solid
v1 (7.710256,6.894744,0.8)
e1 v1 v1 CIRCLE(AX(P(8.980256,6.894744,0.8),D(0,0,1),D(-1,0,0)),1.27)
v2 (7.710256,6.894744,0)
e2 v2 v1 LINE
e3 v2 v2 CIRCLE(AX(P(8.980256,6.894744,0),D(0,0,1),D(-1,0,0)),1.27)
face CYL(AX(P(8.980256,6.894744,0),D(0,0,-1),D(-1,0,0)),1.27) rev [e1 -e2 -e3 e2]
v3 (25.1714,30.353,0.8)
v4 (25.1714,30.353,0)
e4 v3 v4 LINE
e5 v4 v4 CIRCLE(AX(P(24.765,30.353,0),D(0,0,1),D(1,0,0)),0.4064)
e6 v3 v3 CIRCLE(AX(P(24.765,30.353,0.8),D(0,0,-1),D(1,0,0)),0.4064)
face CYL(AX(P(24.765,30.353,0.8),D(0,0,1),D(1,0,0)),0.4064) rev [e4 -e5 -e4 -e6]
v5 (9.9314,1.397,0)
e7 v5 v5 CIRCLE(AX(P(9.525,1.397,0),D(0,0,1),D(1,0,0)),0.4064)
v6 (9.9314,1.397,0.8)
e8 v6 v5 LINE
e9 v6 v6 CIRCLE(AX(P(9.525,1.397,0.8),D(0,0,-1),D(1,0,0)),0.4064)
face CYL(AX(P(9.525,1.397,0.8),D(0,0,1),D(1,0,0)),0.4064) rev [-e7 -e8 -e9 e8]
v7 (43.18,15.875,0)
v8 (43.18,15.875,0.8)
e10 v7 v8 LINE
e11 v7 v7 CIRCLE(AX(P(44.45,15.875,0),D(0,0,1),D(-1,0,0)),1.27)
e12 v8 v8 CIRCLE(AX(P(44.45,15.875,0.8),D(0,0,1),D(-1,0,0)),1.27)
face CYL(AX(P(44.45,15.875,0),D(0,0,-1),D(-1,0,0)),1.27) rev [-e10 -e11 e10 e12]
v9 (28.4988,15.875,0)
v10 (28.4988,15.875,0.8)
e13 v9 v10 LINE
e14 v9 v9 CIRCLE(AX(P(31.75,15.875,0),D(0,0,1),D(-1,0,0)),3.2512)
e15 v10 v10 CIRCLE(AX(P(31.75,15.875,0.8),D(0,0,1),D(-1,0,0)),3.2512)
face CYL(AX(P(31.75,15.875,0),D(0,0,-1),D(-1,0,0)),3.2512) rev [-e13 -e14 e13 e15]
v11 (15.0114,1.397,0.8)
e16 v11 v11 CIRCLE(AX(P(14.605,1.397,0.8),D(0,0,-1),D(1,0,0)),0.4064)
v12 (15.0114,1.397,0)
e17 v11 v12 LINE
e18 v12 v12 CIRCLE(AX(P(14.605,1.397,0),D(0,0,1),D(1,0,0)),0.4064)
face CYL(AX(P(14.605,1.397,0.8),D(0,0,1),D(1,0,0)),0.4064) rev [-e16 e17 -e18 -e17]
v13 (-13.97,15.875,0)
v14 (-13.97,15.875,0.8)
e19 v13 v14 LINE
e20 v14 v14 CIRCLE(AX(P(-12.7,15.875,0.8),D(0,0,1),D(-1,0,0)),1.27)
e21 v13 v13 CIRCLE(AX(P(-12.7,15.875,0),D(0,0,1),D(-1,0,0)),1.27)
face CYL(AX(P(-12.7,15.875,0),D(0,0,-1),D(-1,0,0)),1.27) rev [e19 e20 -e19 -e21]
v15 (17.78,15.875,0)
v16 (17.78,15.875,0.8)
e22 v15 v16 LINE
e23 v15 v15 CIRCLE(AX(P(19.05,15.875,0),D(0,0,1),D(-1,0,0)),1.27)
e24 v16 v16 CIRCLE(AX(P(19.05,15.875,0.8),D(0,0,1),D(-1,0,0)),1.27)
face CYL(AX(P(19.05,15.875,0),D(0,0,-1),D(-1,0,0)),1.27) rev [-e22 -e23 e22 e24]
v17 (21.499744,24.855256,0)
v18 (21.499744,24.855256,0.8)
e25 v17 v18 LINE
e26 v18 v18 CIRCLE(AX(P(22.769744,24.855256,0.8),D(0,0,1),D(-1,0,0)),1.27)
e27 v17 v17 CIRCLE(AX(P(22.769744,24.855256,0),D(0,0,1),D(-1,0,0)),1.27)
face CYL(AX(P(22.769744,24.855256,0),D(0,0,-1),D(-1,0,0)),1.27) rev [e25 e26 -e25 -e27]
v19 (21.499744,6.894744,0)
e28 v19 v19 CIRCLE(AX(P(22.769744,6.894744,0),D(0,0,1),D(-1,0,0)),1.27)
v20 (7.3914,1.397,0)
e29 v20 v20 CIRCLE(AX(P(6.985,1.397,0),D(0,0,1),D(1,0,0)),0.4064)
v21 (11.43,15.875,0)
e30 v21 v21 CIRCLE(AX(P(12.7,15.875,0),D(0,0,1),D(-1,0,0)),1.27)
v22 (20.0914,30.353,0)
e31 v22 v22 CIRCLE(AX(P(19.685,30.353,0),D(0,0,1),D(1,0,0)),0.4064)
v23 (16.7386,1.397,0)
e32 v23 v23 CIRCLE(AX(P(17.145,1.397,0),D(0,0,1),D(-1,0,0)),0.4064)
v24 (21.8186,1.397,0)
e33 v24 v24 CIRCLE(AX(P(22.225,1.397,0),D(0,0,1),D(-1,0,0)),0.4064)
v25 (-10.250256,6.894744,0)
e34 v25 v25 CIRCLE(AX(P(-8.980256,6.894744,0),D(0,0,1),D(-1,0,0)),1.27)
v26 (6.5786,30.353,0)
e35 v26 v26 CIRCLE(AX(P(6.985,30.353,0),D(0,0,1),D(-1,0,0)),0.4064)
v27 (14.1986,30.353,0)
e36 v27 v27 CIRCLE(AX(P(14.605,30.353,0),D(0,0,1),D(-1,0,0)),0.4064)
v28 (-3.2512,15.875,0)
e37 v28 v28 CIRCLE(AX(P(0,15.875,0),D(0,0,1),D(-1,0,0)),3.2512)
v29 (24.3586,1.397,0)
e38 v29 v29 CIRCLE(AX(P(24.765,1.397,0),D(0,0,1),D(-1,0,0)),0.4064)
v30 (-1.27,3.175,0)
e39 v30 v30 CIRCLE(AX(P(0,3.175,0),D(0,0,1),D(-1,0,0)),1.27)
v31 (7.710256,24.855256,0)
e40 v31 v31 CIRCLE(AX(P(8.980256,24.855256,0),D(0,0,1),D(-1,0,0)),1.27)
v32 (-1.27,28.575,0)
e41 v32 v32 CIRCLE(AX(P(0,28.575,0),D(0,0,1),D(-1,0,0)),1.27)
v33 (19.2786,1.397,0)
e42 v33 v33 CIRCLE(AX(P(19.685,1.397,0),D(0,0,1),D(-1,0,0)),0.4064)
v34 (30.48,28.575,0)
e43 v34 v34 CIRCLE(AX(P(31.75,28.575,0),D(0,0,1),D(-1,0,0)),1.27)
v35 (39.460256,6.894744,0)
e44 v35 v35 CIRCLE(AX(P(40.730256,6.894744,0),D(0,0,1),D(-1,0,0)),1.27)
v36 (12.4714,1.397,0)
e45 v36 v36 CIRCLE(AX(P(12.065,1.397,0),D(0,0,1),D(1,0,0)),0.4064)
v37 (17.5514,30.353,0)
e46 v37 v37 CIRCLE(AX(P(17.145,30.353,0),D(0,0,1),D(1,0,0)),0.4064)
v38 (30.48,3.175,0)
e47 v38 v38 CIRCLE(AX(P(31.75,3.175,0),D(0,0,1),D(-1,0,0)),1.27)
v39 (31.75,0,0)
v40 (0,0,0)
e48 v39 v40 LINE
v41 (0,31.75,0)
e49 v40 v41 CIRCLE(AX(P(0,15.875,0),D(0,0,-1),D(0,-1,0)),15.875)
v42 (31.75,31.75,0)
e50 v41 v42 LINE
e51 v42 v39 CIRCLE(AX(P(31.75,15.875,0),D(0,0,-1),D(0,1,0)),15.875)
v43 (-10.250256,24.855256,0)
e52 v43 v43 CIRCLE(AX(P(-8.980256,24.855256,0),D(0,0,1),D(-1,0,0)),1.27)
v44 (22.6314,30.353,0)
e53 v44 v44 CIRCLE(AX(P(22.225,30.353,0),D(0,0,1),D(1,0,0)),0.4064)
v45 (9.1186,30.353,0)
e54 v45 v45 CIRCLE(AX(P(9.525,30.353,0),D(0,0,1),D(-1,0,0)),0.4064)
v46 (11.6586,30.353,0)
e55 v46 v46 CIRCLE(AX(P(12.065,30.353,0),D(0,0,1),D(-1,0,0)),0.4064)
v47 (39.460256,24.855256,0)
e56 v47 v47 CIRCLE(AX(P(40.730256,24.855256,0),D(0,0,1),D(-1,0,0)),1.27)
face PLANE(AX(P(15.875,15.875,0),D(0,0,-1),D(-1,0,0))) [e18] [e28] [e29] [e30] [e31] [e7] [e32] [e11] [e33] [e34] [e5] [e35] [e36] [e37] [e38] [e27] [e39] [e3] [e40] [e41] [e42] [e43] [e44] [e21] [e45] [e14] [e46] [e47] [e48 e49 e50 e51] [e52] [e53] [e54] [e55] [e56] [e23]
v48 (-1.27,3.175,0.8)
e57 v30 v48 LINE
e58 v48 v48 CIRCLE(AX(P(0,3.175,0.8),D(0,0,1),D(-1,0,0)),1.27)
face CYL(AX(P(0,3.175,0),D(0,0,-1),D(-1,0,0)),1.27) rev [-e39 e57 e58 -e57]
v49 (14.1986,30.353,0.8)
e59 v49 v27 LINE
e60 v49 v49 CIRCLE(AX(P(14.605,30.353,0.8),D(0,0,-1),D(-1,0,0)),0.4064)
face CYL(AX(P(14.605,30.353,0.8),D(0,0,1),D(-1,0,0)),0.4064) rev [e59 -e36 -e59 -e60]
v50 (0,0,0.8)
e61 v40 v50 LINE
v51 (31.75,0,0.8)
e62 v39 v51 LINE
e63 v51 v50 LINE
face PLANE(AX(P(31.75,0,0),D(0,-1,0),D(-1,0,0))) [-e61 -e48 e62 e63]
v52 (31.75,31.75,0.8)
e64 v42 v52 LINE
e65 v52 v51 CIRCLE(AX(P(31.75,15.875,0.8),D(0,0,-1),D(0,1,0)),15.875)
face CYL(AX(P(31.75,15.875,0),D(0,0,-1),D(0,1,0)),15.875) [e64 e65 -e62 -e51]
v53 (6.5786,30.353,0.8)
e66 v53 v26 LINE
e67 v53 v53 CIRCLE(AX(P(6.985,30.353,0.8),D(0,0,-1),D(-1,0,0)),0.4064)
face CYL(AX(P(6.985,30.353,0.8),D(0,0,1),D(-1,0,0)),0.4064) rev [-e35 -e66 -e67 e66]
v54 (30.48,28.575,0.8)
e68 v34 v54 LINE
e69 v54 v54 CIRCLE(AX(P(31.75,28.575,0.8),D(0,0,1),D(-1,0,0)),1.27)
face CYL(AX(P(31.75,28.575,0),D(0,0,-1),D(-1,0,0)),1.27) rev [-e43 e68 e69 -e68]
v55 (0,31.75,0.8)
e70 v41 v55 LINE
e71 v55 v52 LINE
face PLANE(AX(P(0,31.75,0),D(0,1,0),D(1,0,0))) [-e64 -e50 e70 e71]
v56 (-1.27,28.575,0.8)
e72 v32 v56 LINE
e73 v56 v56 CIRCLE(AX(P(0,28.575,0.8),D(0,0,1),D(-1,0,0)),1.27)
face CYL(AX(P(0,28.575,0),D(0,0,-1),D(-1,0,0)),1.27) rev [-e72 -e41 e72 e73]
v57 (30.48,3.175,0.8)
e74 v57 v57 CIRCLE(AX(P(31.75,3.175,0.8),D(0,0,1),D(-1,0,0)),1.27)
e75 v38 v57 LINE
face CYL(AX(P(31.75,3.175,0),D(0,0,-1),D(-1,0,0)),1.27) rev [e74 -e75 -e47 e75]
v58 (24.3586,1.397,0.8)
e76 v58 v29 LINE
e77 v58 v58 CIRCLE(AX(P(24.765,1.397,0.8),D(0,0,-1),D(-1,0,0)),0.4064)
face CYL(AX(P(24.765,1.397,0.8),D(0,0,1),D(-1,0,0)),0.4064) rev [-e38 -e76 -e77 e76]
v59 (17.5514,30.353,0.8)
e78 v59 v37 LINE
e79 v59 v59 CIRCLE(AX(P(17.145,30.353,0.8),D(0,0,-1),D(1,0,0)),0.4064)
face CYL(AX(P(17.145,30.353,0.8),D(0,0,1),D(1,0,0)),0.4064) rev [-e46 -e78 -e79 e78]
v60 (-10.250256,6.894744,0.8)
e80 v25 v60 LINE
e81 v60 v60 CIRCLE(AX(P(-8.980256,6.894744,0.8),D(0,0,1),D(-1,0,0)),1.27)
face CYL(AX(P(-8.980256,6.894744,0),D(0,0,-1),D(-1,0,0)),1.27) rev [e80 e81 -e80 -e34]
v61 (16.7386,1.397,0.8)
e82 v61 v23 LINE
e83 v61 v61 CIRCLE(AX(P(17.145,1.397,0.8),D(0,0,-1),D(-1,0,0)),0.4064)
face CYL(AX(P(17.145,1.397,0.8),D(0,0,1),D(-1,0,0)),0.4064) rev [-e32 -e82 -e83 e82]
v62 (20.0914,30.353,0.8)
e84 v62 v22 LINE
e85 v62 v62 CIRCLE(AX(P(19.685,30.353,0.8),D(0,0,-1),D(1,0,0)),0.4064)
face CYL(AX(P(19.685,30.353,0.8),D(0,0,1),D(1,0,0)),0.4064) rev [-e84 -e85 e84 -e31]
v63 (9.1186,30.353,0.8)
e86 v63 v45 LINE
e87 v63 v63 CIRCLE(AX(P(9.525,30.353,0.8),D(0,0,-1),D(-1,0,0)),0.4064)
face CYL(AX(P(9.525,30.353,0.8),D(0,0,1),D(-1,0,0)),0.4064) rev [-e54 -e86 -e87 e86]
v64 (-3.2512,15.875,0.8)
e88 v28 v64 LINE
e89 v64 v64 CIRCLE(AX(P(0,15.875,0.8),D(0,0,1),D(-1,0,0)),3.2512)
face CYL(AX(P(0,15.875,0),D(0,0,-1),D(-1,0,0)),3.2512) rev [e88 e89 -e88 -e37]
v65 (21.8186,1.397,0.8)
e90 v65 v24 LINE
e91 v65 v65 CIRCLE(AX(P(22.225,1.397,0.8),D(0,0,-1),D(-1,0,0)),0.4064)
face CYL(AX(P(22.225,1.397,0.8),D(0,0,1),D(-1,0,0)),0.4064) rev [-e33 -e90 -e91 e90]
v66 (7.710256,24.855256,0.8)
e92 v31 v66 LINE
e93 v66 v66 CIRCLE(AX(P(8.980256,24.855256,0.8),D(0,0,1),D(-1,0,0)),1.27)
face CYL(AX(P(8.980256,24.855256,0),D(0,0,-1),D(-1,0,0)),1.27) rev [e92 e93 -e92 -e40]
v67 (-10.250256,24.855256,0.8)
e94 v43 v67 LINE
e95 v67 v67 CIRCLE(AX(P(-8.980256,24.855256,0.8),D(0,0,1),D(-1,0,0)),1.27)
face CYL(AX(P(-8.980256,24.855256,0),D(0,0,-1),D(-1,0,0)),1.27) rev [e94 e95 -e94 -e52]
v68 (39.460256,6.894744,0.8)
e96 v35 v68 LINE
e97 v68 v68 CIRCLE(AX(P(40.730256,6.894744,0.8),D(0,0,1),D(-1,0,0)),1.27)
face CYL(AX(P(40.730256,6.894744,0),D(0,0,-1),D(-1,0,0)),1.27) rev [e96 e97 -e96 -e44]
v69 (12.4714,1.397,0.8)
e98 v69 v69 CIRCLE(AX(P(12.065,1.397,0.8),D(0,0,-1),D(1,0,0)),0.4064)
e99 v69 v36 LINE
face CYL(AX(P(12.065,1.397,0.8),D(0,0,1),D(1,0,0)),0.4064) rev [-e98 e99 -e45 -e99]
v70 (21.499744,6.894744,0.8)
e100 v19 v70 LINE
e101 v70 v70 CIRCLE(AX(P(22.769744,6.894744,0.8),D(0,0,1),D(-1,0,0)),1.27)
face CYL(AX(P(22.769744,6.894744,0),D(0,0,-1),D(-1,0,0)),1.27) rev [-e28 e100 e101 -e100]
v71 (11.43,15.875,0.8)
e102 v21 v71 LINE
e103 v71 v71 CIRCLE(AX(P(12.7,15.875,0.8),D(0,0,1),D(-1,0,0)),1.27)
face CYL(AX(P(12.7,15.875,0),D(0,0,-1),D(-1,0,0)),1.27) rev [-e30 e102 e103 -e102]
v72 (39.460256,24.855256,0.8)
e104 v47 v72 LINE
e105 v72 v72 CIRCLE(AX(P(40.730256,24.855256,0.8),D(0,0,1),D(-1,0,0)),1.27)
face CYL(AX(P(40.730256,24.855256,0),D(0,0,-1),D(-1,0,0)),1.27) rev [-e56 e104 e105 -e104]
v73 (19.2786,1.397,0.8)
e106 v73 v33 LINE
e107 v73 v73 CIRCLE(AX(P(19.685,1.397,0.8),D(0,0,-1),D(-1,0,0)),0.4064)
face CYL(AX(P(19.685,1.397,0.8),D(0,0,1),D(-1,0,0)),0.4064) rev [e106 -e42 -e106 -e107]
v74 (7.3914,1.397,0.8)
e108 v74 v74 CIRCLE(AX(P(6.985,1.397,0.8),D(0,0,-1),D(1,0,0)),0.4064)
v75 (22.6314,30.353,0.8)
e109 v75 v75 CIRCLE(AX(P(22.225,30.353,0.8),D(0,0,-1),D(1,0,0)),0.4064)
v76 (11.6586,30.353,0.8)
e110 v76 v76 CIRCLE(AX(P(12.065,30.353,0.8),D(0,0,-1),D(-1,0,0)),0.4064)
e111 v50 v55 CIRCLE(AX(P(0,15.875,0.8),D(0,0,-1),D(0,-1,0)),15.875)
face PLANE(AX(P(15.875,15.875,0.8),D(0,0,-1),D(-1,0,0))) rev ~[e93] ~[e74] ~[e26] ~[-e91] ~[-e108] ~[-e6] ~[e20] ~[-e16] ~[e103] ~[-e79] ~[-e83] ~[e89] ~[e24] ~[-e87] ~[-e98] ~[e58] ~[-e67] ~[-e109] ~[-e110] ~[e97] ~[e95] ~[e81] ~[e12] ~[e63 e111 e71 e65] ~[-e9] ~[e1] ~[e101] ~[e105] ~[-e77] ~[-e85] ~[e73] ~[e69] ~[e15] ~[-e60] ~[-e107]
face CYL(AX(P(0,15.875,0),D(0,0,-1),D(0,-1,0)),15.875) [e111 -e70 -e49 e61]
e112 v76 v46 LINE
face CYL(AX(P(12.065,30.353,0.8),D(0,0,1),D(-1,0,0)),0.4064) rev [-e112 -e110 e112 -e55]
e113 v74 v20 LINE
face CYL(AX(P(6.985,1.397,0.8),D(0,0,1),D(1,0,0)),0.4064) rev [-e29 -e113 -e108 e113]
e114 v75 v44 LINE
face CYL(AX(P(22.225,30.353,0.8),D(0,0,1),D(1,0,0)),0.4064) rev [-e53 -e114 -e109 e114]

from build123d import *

# Parameters (mm, degrees)
SKETCH1_R           = 1.27
SKETCH1_R_2         = 3.2512
BOSS_EXTRUDE1_DEPTH = 0.800000051
SKETCH3_R           = 0.4064
CUT_EXTRUDE3_DEPTH  = 58.243716905


with BuildPart() as part:
    # Sketch1 → Boss-Extrude1 (new body)
    with BuildSketch(Plane.XY):
        with BuildLine():
            Line((31.75, 31.75), (0, 31.75))
            ThreePointArc((0, 31.75), (-15.875, 15.875), (0, 0))
            Line((0, 0), (31.75, 0))
            ThreePointArc((31.75, 0), (47.625, 15.875), (31.75, 31.75))
        make_face()
        with Locations((0, 3.175)):
            Circle(SKETCH1_R, mode=Mode.SUBTRACT)
        with Locations((-8.980256121, 6.894743879)):
            Circle(SKETCH1_R, mode=Mode.SUBTRACT)
        with Locations((8.980256121, 6.894743879)):
            Circle(SKETCH1_R, mode=Mode.SUBTRACT)
        with Locations((12.7, 15.875)):
            Circle(SKETCH1_R, mode=Mode.SUBTRACT)
        with Locations((22.769743879, 6.894743879)):
            Circle(SKETCH1_R, mode=Mode.SUBTRACT)
        with Locations((31.75, 3.175)):
            Circle(SKETCH1_R, mode=Mode.SUBTRACT)
        with Locations((40.730256121, 6.894743879)):
            Circle(SKETCH1_R, mode=Mode.SUBTRACT)
        with Locations((19.05, 15.875)):
            Circle(SKETCH1_R, mode=Mode.SUBTRACT)
        with Locations((-12.7, 15.875)):
            Circle(SKETCH1_R, mode=Mode.SUBTRACT)
        with Locations((0, 15.875)):
            Circle(SKETCH1_R_2, mode=Mode.SUBTRACT)
        with Locations((-8.980256121, 24.855256121)):
            Circle(SKETCH1_R, mode=Mode.SUBTRACT)
        with Locations((8.980256121, 24.855256121)):
            Circle(SKETCH1_R, mode=Mode.SUBTRACT)
        with Locations((0, 28.575)):
            Circle(SKETCH1_R, mode=Mode.SUBTRACT)
        with Locations((31.75, 15.875)):
            Circle(SKETCH1_R_2, mode=Mode.SUBTRACT)
        with Locations((44.45, 15.875)):
            Circle(SKETCH1_R, mode=Mode.SUBTRACT)
        with Locations((22.769743879, 24.855256121)):
            Circle(SKETCH1_R, mode=Mode.SUBTRACT)
        with Locations((31.75, 28.575)):
            Circle(SKETCH1_R, mode=Mode.SUBTRACT)
        with Locations((40.730256121, 24.855256121)):
            Circle(SKETCH1_R, mode=Mode.SUBTRACT)
    extrude(amount=BOSS_EXTRUDE1_DEPTH)

    # Sketch3 → Cut-Extrude3 (cut, through all)
    with BuildSketch(Plane(origin=(0, 0, 0.800000051), x_dir=(-1, 0, 0), z_dir=(0, 0, -1))):
        with Locations((-14.605, 30.353)):
            Circle(SKETCH3_R)
        with Locations((-12.065, 30.353)):
            Circle(SKETCH3_R)
        with Locations((-9.525, 30.353)):
            Circle(SKETCH3_R)
        with Locations((-6.985, 30.353)):
            Circle(SKETCH3_R)
        with Locations((-24.765, 30.353)):
            Circle(SKETCH3_R)
        with Locations((-22.225, 30.353)):
            Circle(SKETCH3_R)
        with Locations((-19.685, 30.353)):
            Circle(SKETCH3_R)
        with Locations((-17.145, 30.353)):
            Circle(SKETCH3_R)
        with Locations((-17.145, 1.397)):
            Circle(SKETCH3_R)
        with Locations((-19.685, 1.397)):
            Circle(SKETCH3_R)
        with Locations((-22.225, 1.397)):
            Circle(SKETCH3_R)
        with Locations((-24.765, 1.397)):
            Circle(SKETCH3_R)
        with Locations((-6.985, 1.397)):
            Circle(SKETCH3_R)
        with Locations((-9.525, 1.397)):
            Circle(SKETCH3_R)
        with Locations((-12.065, 1.397)):
            Circle(SKETCH3_R)
        with Locations((-14.605, 1.397)):
            Circle(SKETCH3_R)
    extrude(amount=CUT_EXTRUDE3_DEPTH, mode=Mode.SUBTRACT)


solid = part.part
